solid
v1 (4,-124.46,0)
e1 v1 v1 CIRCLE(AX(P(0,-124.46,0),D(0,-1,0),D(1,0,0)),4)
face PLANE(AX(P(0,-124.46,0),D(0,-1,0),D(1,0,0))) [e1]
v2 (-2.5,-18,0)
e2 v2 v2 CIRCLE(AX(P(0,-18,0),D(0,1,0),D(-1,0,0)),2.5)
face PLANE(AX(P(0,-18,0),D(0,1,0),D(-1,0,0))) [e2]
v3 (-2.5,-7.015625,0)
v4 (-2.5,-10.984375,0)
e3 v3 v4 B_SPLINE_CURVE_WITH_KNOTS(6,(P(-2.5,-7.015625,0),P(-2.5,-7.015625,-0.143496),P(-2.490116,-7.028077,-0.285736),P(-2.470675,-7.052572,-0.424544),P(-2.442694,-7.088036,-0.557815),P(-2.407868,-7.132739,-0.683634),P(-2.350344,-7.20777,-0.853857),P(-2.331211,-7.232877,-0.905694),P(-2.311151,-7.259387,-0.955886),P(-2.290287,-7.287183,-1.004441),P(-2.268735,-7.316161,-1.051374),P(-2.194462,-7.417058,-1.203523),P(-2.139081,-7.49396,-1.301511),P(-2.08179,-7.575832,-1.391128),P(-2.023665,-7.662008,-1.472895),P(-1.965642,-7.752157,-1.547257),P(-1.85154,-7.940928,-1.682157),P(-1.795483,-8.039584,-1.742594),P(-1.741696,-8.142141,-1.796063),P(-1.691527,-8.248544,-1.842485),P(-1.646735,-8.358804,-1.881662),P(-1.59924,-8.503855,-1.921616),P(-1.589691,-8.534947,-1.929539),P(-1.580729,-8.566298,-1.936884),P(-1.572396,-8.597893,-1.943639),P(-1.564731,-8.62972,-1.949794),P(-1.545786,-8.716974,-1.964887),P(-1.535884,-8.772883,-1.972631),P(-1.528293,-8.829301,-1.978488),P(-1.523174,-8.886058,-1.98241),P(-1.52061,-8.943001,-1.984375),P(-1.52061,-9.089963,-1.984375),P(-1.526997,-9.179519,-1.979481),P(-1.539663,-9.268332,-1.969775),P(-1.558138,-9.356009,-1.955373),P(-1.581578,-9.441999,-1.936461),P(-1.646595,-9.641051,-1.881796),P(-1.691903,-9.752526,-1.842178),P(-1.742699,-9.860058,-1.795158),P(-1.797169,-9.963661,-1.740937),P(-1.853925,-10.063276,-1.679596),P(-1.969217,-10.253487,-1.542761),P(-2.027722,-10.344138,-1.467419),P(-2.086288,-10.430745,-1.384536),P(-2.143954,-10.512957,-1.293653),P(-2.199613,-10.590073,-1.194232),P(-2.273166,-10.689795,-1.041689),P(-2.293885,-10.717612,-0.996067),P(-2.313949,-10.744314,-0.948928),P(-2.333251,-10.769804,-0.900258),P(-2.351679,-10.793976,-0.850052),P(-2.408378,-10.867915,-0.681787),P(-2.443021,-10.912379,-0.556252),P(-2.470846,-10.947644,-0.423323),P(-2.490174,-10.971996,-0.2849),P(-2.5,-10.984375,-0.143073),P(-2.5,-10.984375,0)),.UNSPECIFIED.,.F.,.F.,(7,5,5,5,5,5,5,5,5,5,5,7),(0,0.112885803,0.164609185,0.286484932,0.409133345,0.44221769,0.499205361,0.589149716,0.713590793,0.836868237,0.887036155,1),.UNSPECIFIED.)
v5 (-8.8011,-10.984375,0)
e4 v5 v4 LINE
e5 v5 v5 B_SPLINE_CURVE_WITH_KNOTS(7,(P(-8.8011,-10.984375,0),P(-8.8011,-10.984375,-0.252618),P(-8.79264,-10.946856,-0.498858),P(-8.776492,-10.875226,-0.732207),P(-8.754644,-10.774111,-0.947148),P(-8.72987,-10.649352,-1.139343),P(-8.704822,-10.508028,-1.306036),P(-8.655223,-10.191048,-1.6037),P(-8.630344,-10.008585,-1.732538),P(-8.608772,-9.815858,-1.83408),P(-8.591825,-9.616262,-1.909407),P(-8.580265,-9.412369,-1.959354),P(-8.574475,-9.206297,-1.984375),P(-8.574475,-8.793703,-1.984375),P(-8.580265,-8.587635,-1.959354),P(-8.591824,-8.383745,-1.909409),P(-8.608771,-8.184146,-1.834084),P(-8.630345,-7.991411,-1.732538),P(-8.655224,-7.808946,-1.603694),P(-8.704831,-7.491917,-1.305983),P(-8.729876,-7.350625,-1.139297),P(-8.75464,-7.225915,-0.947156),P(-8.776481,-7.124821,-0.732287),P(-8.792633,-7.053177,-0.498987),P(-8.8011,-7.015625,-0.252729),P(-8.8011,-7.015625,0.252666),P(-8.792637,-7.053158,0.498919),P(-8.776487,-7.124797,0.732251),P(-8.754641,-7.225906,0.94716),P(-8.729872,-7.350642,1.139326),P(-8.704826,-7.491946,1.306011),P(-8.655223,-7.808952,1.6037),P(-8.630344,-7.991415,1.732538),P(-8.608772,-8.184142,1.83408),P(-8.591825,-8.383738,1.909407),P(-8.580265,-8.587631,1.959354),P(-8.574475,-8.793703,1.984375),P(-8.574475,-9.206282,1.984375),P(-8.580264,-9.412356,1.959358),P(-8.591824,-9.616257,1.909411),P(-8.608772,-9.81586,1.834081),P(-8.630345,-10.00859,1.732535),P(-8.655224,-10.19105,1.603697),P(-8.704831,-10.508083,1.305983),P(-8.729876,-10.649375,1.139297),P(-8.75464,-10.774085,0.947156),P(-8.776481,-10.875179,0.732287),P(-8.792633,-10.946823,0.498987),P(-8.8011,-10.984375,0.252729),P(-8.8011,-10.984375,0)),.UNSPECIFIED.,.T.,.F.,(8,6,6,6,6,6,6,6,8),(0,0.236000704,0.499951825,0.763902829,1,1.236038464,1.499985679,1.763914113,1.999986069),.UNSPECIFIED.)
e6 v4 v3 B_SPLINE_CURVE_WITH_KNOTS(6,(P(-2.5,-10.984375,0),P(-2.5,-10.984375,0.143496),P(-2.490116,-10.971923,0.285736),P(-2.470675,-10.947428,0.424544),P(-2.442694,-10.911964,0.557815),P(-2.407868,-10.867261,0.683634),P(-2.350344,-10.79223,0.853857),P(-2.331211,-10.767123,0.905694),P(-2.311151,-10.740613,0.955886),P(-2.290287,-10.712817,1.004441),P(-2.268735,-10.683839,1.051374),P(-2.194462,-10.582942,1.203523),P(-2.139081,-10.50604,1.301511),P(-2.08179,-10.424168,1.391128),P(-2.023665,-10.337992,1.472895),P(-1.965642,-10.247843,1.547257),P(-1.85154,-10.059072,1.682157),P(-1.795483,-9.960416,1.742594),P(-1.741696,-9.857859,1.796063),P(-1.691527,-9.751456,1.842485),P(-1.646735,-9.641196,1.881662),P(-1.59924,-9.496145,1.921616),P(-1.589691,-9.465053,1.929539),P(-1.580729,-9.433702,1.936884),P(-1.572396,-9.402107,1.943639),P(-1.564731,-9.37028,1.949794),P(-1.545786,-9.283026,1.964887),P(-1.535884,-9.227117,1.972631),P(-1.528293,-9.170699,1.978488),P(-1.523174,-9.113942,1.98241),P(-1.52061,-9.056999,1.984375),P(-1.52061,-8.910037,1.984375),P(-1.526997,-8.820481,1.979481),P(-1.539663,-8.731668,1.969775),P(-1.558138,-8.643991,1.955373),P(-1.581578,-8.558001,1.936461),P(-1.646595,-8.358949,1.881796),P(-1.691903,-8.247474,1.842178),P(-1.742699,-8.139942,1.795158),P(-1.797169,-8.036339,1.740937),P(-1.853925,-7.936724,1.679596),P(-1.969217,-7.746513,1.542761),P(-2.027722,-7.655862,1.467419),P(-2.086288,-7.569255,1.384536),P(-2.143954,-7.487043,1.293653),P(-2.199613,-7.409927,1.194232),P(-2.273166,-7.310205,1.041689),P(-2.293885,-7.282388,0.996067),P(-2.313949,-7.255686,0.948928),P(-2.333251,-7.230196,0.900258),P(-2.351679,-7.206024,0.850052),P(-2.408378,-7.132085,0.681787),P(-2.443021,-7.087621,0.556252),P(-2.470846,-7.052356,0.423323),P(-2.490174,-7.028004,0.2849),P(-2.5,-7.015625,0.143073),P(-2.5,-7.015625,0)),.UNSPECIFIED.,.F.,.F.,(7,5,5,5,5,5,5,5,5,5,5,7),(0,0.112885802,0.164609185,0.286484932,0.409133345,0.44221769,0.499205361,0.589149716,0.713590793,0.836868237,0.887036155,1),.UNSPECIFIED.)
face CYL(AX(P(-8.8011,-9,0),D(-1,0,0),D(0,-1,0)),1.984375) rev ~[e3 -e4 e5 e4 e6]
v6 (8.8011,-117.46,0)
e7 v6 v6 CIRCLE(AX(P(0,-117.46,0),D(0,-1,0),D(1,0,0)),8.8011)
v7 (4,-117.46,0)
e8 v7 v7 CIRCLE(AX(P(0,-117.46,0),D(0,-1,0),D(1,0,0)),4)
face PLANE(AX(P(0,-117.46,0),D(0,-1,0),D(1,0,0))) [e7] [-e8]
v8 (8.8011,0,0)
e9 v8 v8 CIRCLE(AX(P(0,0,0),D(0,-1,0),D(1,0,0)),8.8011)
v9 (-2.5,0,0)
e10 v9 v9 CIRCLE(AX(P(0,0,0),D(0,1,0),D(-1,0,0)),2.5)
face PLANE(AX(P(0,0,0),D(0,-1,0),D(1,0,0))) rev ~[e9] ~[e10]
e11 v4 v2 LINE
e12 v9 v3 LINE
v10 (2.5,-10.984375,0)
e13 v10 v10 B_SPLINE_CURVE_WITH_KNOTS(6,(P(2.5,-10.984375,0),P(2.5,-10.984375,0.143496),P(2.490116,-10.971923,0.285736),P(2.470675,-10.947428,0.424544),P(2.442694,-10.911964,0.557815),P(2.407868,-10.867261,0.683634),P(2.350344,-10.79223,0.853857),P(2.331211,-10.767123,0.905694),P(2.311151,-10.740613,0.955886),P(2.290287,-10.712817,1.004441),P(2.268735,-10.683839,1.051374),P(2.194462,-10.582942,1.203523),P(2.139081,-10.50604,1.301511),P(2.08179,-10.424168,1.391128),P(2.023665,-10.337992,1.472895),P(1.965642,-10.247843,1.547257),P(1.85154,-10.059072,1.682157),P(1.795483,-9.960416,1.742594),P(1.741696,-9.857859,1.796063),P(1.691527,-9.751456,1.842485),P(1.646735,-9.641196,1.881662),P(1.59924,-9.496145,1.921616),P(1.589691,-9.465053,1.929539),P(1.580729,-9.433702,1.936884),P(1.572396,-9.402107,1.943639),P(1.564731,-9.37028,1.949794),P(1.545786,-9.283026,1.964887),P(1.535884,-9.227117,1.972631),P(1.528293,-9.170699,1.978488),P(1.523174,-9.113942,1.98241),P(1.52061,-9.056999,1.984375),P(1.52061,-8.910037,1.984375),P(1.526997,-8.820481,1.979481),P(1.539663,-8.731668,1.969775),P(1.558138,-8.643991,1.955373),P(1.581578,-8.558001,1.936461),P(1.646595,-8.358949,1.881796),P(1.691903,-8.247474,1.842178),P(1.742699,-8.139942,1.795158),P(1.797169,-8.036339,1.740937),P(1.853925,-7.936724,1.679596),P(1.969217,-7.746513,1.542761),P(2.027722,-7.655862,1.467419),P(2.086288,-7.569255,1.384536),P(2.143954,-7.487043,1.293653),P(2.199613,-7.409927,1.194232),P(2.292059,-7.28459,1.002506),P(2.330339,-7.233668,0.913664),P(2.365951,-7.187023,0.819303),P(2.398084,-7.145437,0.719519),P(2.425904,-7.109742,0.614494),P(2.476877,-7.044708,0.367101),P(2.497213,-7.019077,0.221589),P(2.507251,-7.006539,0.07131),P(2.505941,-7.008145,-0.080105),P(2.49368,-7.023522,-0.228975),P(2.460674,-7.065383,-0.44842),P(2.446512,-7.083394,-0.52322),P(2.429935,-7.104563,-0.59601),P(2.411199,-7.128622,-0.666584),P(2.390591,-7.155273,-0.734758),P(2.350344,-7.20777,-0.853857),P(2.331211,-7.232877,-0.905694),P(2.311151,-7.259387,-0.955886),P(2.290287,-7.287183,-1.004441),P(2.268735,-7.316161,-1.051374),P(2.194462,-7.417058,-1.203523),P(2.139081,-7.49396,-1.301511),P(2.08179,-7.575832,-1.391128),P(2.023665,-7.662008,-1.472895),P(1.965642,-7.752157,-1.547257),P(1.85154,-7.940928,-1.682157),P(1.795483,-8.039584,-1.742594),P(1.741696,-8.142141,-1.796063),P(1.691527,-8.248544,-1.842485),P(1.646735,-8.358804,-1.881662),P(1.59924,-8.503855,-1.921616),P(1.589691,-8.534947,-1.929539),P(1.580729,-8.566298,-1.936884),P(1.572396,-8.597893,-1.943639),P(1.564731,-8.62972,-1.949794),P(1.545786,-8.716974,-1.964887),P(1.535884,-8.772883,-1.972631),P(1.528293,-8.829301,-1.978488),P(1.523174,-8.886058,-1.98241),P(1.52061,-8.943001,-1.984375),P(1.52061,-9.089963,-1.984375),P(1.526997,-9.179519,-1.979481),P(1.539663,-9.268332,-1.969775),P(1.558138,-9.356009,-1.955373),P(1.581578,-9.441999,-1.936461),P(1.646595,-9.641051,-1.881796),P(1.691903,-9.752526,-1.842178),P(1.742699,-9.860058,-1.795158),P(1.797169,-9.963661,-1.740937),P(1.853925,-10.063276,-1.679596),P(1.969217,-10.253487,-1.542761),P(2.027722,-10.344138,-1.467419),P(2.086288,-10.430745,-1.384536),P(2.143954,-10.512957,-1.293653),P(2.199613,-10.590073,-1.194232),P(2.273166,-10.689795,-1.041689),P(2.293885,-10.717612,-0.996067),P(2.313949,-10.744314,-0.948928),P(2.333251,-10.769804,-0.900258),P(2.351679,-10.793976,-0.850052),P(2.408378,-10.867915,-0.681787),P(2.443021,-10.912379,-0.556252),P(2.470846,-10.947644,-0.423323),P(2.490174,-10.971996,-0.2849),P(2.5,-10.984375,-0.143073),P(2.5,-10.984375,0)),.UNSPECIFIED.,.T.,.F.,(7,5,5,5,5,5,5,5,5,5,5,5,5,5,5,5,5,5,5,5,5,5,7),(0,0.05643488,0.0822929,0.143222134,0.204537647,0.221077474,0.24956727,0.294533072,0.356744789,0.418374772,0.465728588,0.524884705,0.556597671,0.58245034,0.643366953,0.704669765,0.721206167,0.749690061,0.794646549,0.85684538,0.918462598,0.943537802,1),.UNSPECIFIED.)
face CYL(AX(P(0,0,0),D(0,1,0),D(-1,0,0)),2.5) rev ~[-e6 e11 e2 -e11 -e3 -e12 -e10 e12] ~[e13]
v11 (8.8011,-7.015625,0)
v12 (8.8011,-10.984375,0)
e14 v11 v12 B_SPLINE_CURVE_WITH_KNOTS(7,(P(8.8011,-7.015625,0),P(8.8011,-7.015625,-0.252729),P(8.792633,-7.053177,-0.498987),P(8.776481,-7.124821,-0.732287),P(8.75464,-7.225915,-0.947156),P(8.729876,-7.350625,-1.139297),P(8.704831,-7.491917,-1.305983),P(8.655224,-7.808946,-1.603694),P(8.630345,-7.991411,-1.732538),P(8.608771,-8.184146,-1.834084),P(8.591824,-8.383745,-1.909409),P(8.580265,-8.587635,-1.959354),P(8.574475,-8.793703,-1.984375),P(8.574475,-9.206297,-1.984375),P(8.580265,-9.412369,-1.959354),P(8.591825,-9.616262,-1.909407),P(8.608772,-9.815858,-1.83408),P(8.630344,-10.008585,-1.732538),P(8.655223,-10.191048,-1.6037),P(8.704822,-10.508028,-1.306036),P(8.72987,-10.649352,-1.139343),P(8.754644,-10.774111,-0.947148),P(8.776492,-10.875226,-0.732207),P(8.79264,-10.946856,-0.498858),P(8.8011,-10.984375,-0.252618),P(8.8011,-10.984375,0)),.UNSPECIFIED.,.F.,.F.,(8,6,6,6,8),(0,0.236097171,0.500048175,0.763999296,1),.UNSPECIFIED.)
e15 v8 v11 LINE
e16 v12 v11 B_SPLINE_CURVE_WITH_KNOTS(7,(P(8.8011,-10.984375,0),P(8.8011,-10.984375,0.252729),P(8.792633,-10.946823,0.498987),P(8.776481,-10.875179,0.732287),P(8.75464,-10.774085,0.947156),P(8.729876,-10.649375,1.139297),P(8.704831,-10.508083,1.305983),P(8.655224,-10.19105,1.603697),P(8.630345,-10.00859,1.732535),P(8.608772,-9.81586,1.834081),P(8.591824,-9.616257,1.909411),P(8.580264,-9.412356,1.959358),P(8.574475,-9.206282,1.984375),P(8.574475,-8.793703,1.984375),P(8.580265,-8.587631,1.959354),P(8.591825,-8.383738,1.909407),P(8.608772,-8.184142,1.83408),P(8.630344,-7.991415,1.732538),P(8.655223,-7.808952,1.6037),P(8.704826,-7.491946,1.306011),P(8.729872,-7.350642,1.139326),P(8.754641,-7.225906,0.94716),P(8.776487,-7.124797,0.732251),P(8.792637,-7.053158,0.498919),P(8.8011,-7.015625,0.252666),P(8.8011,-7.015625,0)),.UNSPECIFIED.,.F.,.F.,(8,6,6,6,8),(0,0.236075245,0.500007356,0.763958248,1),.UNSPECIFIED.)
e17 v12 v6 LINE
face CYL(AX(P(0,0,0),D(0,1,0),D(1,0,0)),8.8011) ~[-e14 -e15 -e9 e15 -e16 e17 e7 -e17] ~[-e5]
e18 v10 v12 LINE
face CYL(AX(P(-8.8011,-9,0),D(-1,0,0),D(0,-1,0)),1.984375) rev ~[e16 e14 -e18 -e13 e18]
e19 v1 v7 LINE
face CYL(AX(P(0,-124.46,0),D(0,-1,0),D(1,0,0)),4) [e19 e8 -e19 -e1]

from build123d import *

# Parameters (mm, degrees)
F0_R     = 8.8011
F1_DEPTH = 124.46
F2_R     = 8.8011
F2_R_2   = 4
F3_DEPTH = 7
F4_R     = 2.5
F5_DEPTH = 18
F8_R     = 1.984375
F9_DEPTH = 17.6032


with BuildPart() as f1:
    # F0 (on Front) → F1 (new body)
    with BuildSketch(Plane.XZ):
        Circle(F0_R)
    extrude(amount=F1_DEPTH)

    # F2 (on face) → F3 (cut)
    with BuildSketch(Plane.XZ.offset(124.46)):
        Circle(F2_R)
        Circle(F2_R_2, mode=Mode.SUBTRACT)
    extrude(amount=-F3_DEPTH, mode=Mode.SUBTRACT)

    # F4 (on face) → F5 (cut)
    with BuildSketch(Plane(origin=(0, 0, 0), x_dir=(-1, 0, 0), z_dir=(0, 1, 0))):
        Circle(F4_R)
    extrude(amount=-F5_DEPTH, mode=Mode.SUBTRACT)

    # F8 (on face) → F9 (cut, through all)
    with BuildSketch(Plane(origin=(-8.8011, 0, 0), x_dir=(0, -1, 0), z_dir=(-1, 0, 0))):
        with Locations((9, 0)):
            Circle(F8_R)
    extrude(amount=-F9_DEPTH, mode=Mode.SUBTRACT)


solid = f1.part
